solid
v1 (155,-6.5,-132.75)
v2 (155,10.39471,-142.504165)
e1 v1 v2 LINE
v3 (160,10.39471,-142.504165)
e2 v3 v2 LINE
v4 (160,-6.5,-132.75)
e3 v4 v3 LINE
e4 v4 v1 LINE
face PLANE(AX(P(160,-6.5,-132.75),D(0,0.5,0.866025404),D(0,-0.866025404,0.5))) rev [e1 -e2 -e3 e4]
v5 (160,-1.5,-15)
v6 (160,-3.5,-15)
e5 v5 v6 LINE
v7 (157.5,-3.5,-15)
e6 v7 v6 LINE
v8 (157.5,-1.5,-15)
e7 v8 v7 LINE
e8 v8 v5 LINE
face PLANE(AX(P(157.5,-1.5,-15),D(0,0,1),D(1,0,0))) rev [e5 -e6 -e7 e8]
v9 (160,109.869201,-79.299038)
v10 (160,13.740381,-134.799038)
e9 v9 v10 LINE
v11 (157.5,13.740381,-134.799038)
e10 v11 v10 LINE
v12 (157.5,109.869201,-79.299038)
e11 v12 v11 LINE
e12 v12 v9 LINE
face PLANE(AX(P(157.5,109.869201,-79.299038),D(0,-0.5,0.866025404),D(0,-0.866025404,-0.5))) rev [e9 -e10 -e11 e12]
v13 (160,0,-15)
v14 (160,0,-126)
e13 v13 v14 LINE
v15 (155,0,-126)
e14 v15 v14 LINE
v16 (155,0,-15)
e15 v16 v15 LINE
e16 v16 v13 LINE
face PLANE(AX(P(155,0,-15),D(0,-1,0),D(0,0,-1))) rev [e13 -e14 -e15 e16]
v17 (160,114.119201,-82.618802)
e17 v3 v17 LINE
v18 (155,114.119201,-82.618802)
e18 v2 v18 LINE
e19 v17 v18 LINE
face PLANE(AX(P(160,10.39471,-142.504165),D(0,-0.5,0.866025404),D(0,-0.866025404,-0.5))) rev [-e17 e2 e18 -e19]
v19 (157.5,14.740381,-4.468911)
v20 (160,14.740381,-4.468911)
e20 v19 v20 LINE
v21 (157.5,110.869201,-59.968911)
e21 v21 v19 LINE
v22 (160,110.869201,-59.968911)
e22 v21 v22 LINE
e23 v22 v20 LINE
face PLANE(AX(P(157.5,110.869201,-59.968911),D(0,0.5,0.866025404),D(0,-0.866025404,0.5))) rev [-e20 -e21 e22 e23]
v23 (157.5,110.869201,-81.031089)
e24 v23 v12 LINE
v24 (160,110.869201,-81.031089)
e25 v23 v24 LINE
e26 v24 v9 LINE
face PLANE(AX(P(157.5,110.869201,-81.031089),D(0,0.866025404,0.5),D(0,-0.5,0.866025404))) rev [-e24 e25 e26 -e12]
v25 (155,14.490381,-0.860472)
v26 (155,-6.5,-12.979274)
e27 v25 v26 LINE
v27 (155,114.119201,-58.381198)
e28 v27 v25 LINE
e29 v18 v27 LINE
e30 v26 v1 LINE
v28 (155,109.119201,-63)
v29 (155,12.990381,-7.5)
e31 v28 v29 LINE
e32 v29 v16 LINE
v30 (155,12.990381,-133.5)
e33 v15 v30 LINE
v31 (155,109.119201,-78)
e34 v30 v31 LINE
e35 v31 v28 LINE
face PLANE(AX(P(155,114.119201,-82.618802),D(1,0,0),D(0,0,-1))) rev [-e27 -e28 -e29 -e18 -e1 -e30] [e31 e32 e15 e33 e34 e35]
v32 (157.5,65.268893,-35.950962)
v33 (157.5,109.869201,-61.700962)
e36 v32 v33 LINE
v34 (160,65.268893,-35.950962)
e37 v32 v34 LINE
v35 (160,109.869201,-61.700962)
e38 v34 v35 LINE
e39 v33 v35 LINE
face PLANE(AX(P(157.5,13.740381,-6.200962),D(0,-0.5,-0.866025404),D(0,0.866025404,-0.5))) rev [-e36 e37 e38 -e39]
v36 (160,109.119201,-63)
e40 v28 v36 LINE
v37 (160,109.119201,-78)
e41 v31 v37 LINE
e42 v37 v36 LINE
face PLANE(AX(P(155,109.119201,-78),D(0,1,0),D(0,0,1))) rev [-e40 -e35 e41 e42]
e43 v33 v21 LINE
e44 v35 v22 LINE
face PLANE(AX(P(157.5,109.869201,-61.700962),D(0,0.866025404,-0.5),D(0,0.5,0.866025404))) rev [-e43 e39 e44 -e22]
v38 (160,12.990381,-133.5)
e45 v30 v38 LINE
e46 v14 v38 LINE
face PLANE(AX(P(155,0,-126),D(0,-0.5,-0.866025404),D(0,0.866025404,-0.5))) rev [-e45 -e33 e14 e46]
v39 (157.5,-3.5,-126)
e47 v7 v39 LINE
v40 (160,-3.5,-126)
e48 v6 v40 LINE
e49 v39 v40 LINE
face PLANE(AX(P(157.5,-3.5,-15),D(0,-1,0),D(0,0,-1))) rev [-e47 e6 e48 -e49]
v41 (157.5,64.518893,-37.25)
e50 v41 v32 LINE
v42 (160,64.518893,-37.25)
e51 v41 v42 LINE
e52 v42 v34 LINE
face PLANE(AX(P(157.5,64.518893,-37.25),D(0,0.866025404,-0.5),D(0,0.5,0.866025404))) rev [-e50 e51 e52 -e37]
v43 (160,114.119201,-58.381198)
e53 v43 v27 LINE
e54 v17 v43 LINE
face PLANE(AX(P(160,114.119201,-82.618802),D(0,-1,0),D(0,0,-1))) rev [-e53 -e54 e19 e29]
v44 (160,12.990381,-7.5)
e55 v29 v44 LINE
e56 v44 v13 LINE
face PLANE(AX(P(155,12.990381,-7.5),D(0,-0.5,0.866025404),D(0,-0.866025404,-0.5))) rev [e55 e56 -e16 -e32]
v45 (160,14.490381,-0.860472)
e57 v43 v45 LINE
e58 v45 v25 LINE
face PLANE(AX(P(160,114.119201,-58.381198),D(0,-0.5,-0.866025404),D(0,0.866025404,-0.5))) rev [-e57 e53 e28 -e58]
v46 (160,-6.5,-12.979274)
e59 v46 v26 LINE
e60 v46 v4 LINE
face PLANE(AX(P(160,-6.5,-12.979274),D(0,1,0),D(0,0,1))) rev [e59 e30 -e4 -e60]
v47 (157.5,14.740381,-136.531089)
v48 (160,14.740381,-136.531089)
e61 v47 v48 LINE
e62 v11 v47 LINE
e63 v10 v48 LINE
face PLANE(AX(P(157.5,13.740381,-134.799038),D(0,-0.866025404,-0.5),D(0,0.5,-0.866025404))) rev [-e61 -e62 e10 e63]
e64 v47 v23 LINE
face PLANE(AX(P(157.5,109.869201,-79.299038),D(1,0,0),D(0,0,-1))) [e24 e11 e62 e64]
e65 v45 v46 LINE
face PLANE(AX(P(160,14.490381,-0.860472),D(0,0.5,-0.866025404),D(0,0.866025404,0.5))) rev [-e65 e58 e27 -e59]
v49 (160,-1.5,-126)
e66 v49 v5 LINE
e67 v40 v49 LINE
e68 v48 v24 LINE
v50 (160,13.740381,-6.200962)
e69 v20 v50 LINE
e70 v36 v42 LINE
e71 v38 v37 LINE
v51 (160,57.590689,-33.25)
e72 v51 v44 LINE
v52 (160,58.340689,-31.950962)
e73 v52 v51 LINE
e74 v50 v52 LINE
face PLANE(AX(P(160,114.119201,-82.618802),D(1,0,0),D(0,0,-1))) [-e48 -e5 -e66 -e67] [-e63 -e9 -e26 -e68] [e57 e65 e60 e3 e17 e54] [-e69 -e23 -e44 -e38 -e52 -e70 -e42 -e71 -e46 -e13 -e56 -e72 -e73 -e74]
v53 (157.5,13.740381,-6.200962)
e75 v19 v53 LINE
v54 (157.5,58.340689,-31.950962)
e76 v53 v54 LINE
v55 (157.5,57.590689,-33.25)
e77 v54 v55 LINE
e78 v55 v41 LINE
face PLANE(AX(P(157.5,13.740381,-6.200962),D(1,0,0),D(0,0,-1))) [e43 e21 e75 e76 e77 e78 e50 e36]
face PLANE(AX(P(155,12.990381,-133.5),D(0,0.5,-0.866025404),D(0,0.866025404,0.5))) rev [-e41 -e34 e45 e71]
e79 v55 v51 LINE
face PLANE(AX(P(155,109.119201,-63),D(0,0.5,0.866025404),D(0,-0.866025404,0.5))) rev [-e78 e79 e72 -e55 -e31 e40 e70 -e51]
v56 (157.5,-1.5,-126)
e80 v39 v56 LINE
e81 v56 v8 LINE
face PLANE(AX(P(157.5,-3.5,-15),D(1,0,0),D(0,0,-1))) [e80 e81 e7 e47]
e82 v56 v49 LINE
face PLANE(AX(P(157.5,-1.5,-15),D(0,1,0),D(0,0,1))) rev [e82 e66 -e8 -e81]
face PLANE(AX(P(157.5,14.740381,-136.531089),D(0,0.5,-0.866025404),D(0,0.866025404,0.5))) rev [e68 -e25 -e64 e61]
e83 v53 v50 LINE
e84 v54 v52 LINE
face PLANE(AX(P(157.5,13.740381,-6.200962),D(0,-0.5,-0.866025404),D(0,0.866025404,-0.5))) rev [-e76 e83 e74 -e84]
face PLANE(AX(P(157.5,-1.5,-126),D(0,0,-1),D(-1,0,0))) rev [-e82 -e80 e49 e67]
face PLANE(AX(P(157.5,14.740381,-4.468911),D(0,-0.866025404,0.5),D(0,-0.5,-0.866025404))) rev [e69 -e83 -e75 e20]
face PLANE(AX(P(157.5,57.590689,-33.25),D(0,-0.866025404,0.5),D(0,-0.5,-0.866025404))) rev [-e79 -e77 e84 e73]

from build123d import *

# Parameters (mm, degrees)
BOSS_EXTRUDE1_DEPTH = 155
SKETCH4_W           = 144
SKETCH4_H           = 111
CUT_EXTRUDE1_DEPTH  = 5
SKETCH5_R           = 38.5
CUT_EXTRUDE2_DEPTH  = 10
BOSS_EXTRUDE2_DEPTH = 5
CUT_EXTRUDE3_DEPTH  = 5
SKETCH8_W           = 111
SKETCH8_H           = 2
CUT_EXTRUDE4_DEPTH  = 2.5
CUT_EXTRUDE5_DEPTH  = 2.5


with BuildPart() as part:
    # Sketch3 → Boss-Extrude1 (new body)
    with BuildSketch(Plane(origin=(0, 0, 0), x_dir=(0, 0, -1), z_dir=(1, 0, 0))):
        Polygon((58.381197846, 114.119200877), (0.860471904, 14.490381057), (12.979274058, -6.5), (132.75, -6.5), (142.504165125, 10.394709581), (82.618802154, 114.119200877), align=None)
        Polygon((7.5, 12.990381057), (15, 0), (15, -1.5), (126, -1.5), (126, 0), (133.5, 12.990381057), (134.799038106, 13.740381057), (79.299038106, 109.869200877), (78, 109.119200877), (63, 109.119200877), (61.700961894, 109.869200877), (6.200961894, 13.740381057), align=None, mode=Mode.SUBTRACT)
    extrude(amount=BOSS_EXTRUDE1_DEPTH)

    # Sketch4 → Cut-Extrude1 (cut)
    with BuildSketch(Plane(origin=(0, 3.25, 5.629165125), x_dir=(1, 0, 0), z_dir=(0, 0.4999999999999995, 0.8660254037844389))):
        with Locations((77.5, 70.5)):
            Rectangle(SKETCH4_W, SKETCH4_H)
    extrude(amount=-CUT_EXTRUDE1_DEPTH, mode=Mode.SUBTRACT)

    # Sketch5 → Cut-Extrude2 (cut)
    with BuildSketch(Plane(origin=(0, 64.304790967, -111.379165125), x_dir=(-1, 0, 0), z_dir=(0, 0.5000000000000006, -0.8660254037844385))):
        with Locations(Location((-77.5, -2.364637029, 0), (0, 0, 90))):
            Circle(SKETCH5_R)
    extrude(amount=-CUT_EXTRUDE2_DEPTH, mode=Mode.SUBTRACT)


with BuildPart() as body_2:
    # Sketch6 → Boss-Extrude2 (new body)
    with BuildSketch(Plane(origin=(155, 0, 0), x_dir=(0, 0, -1), z_dir=(1, 0, 0))):
        Polygon((82.618802154, 114.119200877), (58.381197846, 114.119200877), (0.860471904, 14.490381057), (12.979274058, -6.5), (132.75, -6.5), (142.504165125, 10.394709581), align=None)
    extrude(amount=BOSS_EXTRUDE2_DEPTH)

    # Sketch7 → Cut-Extrude3 (cut)
    with BuildSketch(Plane(origin=(160, 0, 0), x_dir=(0, 0, -1), z_dir=(1, 0, 0))):
        Polygon((63, 109.119200877), (7.5, 12.990381057), (15, 0), (126, 0), (133.5, 12.990381057), (78, 109.119200877), align=None)
    extrude(amount=-CUT_EXTRUDE3_DEPTH, mode=Mode.SUBTRACT)

    # Sketch8 → Cut-Extrude4 (cut)
    with BuildSketch(Plane(origin=(160, 0, 0), x_dir=(0, 0, -1), z_dir=(1, 0, 0))):
        Polygon((6.200961894, 13.740381057), (61.700961894, 109.869200877), (59.968911087, 110.869200877), (4.468911087, 14.740381057), align=None)
        with Locations((70.5, -2.5)):
            Rectangle(SKETCH8_W, SKETCH8_H)
        Polygon((79.299038106, 109.869200877), (134.799038106, 13.740381057), (136.531088913, 14.740381057), (81.031088913, 110.869200877), align=None)
    extrude(amount=-CUT_EXTRUDE4_DEPTH, mode=Mode.SUBTRACT)

    # Sketch10 → Cut-Extrude5 (cut)
    with BuildSketch(Plane(origin=(160, 0, 0), x_dir=(0, 0, -1), z_dir=(1, 0, 0))):
        Polygon((37.25, 64.518892582), (33.25, 57.590689352), (31.950961894, 58.340689352), (35.950961894, 65.268892582), align=None)
    extrude(amount=-CUT_EXTRUDE5_DEPTH, mode=Mode.SUBTRACT)


solid = body_2.part
